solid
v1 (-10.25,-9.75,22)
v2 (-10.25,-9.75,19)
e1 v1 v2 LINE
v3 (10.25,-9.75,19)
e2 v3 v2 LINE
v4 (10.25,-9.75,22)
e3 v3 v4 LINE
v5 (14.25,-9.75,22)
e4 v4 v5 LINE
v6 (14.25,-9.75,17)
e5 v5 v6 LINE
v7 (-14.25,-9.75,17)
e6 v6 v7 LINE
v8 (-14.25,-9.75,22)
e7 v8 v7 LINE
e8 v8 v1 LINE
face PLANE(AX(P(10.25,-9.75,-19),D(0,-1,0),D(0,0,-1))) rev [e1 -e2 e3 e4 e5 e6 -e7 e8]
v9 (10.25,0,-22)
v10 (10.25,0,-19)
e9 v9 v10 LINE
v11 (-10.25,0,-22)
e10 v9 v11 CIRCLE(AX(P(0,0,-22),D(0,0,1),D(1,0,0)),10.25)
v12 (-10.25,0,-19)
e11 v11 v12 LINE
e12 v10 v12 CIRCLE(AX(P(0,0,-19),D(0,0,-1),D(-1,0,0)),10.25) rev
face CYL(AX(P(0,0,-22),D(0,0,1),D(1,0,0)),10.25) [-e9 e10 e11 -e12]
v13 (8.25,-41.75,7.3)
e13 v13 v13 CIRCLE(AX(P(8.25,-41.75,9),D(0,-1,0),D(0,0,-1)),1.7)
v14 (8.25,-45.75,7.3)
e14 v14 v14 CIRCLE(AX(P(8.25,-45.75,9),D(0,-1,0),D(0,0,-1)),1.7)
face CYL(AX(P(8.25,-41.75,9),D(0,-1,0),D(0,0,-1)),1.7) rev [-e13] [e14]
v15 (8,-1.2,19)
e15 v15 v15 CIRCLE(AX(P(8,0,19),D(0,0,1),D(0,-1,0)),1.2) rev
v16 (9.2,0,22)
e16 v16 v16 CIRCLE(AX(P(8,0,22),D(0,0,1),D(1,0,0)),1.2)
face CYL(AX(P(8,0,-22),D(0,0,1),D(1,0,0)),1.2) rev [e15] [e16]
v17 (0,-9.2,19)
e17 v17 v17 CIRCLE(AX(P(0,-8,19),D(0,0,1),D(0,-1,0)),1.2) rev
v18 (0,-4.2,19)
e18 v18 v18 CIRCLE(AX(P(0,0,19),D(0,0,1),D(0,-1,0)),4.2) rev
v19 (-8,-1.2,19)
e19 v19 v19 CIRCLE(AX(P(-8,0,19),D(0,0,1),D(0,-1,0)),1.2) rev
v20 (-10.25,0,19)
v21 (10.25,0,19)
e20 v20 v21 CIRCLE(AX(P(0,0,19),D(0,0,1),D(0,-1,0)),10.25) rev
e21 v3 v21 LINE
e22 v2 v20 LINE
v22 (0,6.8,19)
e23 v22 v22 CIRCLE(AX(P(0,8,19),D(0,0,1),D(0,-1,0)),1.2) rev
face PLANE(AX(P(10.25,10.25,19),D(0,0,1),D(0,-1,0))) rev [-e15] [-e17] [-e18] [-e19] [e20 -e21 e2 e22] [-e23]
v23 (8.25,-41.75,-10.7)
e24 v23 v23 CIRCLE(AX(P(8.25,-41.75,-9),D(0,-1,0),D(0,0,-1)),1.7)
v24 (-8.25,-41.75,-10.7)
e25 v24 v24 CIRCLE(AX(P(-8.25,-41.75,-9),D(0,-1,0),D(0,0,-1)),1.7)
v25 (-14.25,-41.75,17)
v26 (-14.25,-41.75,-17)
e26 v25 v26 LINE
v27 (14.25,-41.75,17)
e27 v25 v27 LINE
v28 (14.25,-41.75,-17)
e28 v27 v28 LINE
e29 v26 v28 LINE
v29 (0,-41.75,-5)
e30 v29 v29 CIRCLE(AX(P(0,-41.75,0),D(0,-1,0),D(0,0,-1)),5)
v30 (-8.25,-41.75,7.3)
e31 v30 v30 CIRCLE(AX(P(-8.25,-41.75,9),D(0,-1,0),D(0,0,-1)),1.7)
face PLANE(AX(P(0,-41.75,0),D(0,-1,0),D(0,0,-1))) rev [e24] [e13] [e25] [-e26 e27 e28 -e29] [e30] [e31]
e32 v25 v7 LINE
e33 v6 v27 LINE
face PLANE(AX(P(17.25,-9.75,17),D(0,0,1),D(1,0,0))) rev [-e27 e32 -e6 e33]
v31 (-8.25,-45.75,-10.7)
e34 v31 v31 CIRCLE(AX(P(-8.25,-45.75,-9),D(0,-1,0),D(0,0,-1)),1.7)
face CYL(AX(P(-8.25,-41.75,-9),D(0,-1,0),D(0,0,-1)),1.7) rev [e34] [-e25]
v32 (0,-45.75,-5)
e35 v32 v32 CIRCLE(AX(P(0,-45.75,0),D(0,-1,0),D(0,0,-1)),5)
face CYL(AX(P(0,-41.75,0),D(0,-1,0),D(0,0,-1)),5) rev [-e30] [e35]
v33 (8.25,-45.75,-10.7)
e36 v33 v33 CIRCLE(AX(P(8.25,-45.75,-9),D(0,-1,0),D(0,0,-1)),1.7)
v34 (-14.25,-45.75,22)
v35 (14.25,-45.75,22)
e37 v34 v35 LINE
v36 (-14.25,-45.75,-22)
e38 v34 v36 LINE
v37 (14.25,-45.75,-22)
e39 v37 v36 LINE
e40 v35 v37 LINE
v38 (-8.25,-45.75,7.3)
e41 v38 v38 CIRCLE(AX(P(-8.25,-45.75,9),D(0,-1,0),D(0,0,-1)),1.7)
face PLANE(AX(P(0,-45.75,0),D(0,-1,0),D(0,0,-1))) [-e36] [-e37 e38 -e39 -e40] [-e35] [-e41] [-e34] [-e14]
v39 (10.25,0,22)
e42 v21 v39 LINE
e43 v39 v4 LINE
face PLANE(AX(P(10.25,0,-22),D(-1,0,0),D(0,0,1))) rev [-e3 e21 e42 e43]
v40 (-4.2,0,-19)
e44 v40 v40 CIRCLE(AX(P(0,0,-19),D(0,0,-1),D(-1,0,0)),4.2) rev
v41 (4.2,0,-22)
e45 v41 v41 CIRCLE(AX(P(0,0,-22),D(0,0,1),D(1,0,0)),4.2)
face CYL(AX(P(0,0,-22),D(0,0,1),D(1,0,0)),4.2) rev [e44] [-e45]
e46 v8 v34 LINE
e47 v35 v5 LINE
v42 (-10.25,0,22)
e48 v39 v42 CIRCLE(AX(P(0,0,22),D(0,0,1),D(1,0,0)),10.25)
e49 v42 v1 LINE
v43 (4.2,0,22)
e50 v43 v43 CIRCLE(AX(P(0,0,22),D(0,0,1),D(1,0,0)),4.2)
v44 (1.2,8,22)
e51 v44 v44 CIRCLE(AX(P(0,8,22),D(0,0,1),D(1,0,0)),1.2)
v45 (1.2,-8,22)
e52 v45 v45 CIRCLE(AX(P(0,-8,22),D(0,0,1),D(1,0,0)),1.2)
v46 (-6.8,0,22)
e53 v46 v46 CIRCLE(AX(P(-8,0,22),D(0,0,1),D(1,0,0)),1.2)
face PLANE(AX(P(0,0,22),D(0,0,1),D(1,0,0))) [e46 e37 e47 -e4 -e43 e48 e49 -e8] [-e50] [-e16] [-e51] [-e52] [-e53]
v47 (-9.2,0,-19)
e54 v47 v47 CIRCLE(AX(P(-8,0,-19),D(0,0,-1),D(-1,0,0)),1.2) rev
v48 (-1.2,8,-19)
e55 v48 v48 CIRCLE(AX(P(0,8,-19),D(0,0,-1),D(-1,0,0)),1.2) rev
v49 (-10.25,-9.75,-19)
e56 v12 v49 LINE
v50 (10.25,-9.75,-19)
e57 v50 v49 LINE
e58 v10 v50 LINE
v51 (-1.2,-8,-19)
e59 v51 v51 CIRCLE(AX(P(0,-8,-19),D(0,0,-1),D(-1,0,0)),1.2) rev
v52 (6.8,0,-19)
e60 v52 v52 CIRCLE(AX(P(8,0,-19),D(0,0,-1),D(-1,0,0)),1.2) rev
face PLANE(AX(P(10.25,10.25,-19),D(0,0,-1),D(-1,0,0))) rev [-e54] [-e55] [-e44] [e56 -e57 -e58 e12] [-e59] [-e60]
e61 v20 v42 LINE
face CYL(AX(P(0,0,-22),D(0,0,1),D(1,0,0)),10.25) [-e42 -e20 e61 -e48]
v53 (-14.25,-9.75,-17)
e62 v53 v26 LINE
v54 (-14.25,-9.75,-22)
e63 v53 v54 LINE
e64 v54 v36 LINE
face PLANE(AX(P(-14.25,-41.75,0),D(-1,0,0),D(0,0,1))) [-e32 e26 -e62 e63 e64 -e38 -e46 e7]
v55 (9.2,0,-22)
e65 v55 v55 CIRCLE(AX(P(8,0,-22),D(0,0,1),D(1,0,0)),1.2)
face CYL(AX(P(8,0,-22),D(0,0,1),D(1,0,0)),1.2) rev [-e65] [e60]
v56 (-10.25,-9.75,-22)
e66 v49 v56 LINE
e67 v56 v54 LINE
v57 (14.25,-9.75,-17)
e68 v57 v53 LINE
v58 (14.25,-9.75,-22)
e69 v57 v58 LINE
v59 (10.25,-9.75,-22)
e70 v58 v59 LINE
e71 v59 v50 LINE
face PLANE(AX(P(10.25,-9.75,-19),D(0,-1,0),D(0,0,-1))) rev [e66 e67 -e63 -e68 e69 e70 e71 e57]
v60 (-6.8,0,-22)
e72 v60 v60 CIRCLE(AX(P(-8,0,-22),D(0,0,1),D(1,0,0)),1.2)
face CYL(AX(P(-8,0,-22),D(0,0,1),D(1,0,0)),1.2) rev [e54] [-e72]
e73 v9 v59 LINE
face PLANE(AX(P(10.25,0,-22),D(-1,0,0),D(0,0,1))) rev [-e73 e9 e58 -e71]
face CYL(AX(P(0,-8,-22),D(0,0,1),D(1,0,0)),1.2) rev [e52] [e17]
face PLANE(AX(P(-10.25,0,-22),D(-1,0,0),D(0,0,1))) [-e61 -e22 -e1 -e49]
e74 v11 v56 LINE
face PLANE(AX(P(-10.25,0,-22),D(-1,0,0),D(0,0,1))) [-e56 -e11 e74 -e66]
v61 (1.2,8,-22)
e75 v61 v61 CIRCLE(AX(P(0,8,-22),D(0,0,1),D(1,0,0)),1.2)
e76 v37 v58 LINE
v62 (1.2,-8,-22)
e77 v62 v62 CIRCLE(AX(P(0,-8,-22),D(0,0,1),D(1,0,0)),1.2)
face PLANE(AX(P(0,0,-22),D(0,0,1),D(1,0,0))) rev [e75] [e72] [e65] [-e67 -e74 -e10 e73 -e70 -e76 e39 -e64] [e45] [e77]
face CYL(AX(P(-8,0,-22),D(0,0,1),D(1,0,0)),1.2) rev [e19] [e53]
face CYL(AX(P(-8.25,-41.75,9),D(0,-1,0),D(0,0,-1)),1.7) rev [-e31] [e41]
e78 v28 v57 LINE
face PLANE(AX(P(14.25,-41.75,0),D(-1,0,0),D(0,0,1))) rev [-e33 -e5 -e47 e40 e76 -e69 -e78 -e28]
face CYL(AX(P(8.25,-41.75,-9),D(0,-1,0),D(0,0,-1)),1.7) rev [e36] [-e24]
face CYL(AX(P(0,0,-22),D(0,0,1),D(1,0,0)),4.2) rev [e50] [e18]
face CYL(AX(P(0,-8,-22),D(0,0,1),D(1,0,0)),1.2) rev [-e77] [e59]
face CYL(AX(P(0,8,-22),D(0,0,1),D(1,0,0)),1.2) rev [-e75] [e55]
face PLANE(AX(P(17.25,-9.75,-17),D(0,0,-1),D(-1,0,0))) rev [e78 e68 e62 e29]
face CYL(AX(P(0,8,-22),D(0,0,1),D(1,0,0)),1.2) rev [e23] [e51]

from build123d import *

# Parameters (mm, degrees)
BOSS_EXTRUDE1_DEPTH      = 22
BOSS_EXTRUDE1_DEPTH_BACK = 22
SKETCH1_R                = 1.2
SKETCH1_R_2              = 4.2
SKETCH2_W                = 38
SKETCH2_H                = 20
CUT_EXTRUDE1_DEPTH       = 105.423416914
SKETCH3_W                = 7
SKETCH3_H                = 44
BOSS_EXTRUDE2_DEPTH      = 36
SKETCH5_W                = 34
SKETCH5_H                = 50
CUT_EXTRUDE3_DEPTH       = 109.047443283
SKETCH6_W                = 20.5
SKETCH6_H                = 54.25
CUT_EXTRUDE4_DEPTH       = 111.605436123
SKETCH20_W               = 28.5
SKETCH20_H               = 34
SKETCH20_R               = 1.7
SKETCH20_R_2             = 5
BOSS_EXTRUDE5_DEPTH      = 4
SKETCH21_W               = 3
SKETCH21_H               = 36
CUT_EXTRUDE12_DEPTH      = 66.777085676


with BuildPart() as part:
    # Sketch1 → Boss-Extrude1 (new, two sides: drawn at the far end of the back side and taken through both)
    with BuildSketch(Plane.XY.offset(-BOSS_EXTRUDE1_DEPTH_BACK)):
        with BuildLine():
            ThreePointArc((10.25, 0), (0, 10.25), (-10.25, 0))
            Line((-10.25, 0), (-10.25, -100))
            Line((-10.25, -100), (10.25, -100))
            Line((10.25, -100), (10.25, 0))
        make_face()
        with Locations((8, 0)):
            Circle(SKETCH1_R, mode=Mode.SUBTRACT)
        with Locations((0, 8)):
            Circle(SKETCH1_R, mode=Mode.SUBTRACT)
        with Locations((-8, 0)):
            Circle(SKETCH1_R, mode=Mode.SUBTRACT)
        Circle(SKETCH1_R_2, mode=Mode.SUBTRACT)
        with Locations((0, -8)):
            Circle(SKETCH1_R, mode=Mode.SUBTRACT)
    extrude(amount=BOSS_EXTRUDE1_DEPTH + BOSS_EXTRUDE1_DEPTH_BACK)

    # Sketch2 → Cut-Extrude1 (cut, through all)
    with BuildSketch(Plane.ZY.offset(10.25)):
        with Locations((0, 0.25)):
            Rectangle(SKETCH2_W, SKETCH2_H)
    extrude(amount=-CUT_EXTRUDE1_DEPTH, mode=Mode.SUBTRACT)

    # Sketch3 → Boss-Extrude2 (add)
    with BuildSketch(Plane(origin=(0, -9.75, 0), x_dir=(1, 0, 0), z_dir=(0, 1, 0))):
        with Locations((-13.75, 0)):
            Rectangle(SKETCH3_W, SKETCH3_H)
        with Locations((13.75, 0)):
            Rectangle(SKETCH3_W, SKETCH3_H)
    extrude(amount=-BOSS_EXTRUDE2_DEPTH)

    # Sketch5 → Cut-Extrude3 (cut, through all)
    with BuildSketch(Plane.ZY.offset(17.25)):
        with Locations((0, -34.75)):
            Rectangle(SKETCH5_W, SKETCH5_H)
    extrude(amount=-CUT_EXTRUDE3_DEPTH, mode=Mode.SUBTRACT)

    # Sketch6 → Cut-Extrude4 (cut, through all)
    with BuildSketch(Plane.XY.offset(22)):
        with Locations((0, -72.875)):
            Rectangle(SKETCH6_W, SKETCH6_H)
    extrude(amount=-CUT_EXTRUDE4_DEPTH, mode=Mode.SUBTRACT)


with BuildPart() as cut_extrude4_piece_1:
    # of the separate pieces the step leaves, piece 1, a body of its own (cut_extrude4_pieces)
    add(part.part.solids().sort_by_distance((17.25, -45.75, -17))[0])



with BuildPart() as cut_extrude4_piece_2:
    # of the separate pieces the step leaves, piece 2, a body of its own (cut_extrude4_pieces)
    add(part.part.solids().sort_by_distance((-10.25, 0, 22))[0])


with BuildPart() as cut_extrude4_piece_1_1:
    add(cut_extrude4_piece_1.part)

    add(cut_extrude4_piece_2.part)  # Boss-Extrude5 merges Cut-Extrude4 piece 2
    # Sketch20 → Boss-Extrude5 (add)
    with BuildSketch(Plane.XZ.offset(45.75)):
        Rectangle(SKETCH20_W, SKETCH20_H)
        with Locations((-8.25, -9)):
            Circle(SKETCH20_R, mode=Mode.SUBTRACT)
        with Locations((8.25, -9)):
            Circle(SKETCH20_R, mode=Mode.SUBTRACT)
        with Locations((-8.25, 9)):
            Circle(SKETCH20_R, mode=Mode.SUBTRACT)
        Circle(SKETCH20_R_2, mode=Mode.SUBTRACT)
        with Locations((8.25, 9)):
            Circle(SKETCH20_R, mode=Mode.SUBTRACT)
    extrude(amount=-BOSS_EXTRUDE5_DEPTH)

    # Sketch21 → Cut-Extrude12 (cut, through all)
    with BuildSketch(Plane(origin=(0, 0, -22), x_dir=(-1, 0, 0), z_dir=(0, 0, -1))):
        with Locations((-15.75, -27.75)):
            Rectangle(SKETCH21_W, SKETCH21_H)
        with Locations((15.75, -27.75)):
            Rectangle(SKETCH21_W, SKETCH21_H)
    extrude(amount=-CUT_EXTRUDE12_DEPTH, mode=Mode.SUBTRACT)


solid = cut_extrude4_piece_1_1.part
